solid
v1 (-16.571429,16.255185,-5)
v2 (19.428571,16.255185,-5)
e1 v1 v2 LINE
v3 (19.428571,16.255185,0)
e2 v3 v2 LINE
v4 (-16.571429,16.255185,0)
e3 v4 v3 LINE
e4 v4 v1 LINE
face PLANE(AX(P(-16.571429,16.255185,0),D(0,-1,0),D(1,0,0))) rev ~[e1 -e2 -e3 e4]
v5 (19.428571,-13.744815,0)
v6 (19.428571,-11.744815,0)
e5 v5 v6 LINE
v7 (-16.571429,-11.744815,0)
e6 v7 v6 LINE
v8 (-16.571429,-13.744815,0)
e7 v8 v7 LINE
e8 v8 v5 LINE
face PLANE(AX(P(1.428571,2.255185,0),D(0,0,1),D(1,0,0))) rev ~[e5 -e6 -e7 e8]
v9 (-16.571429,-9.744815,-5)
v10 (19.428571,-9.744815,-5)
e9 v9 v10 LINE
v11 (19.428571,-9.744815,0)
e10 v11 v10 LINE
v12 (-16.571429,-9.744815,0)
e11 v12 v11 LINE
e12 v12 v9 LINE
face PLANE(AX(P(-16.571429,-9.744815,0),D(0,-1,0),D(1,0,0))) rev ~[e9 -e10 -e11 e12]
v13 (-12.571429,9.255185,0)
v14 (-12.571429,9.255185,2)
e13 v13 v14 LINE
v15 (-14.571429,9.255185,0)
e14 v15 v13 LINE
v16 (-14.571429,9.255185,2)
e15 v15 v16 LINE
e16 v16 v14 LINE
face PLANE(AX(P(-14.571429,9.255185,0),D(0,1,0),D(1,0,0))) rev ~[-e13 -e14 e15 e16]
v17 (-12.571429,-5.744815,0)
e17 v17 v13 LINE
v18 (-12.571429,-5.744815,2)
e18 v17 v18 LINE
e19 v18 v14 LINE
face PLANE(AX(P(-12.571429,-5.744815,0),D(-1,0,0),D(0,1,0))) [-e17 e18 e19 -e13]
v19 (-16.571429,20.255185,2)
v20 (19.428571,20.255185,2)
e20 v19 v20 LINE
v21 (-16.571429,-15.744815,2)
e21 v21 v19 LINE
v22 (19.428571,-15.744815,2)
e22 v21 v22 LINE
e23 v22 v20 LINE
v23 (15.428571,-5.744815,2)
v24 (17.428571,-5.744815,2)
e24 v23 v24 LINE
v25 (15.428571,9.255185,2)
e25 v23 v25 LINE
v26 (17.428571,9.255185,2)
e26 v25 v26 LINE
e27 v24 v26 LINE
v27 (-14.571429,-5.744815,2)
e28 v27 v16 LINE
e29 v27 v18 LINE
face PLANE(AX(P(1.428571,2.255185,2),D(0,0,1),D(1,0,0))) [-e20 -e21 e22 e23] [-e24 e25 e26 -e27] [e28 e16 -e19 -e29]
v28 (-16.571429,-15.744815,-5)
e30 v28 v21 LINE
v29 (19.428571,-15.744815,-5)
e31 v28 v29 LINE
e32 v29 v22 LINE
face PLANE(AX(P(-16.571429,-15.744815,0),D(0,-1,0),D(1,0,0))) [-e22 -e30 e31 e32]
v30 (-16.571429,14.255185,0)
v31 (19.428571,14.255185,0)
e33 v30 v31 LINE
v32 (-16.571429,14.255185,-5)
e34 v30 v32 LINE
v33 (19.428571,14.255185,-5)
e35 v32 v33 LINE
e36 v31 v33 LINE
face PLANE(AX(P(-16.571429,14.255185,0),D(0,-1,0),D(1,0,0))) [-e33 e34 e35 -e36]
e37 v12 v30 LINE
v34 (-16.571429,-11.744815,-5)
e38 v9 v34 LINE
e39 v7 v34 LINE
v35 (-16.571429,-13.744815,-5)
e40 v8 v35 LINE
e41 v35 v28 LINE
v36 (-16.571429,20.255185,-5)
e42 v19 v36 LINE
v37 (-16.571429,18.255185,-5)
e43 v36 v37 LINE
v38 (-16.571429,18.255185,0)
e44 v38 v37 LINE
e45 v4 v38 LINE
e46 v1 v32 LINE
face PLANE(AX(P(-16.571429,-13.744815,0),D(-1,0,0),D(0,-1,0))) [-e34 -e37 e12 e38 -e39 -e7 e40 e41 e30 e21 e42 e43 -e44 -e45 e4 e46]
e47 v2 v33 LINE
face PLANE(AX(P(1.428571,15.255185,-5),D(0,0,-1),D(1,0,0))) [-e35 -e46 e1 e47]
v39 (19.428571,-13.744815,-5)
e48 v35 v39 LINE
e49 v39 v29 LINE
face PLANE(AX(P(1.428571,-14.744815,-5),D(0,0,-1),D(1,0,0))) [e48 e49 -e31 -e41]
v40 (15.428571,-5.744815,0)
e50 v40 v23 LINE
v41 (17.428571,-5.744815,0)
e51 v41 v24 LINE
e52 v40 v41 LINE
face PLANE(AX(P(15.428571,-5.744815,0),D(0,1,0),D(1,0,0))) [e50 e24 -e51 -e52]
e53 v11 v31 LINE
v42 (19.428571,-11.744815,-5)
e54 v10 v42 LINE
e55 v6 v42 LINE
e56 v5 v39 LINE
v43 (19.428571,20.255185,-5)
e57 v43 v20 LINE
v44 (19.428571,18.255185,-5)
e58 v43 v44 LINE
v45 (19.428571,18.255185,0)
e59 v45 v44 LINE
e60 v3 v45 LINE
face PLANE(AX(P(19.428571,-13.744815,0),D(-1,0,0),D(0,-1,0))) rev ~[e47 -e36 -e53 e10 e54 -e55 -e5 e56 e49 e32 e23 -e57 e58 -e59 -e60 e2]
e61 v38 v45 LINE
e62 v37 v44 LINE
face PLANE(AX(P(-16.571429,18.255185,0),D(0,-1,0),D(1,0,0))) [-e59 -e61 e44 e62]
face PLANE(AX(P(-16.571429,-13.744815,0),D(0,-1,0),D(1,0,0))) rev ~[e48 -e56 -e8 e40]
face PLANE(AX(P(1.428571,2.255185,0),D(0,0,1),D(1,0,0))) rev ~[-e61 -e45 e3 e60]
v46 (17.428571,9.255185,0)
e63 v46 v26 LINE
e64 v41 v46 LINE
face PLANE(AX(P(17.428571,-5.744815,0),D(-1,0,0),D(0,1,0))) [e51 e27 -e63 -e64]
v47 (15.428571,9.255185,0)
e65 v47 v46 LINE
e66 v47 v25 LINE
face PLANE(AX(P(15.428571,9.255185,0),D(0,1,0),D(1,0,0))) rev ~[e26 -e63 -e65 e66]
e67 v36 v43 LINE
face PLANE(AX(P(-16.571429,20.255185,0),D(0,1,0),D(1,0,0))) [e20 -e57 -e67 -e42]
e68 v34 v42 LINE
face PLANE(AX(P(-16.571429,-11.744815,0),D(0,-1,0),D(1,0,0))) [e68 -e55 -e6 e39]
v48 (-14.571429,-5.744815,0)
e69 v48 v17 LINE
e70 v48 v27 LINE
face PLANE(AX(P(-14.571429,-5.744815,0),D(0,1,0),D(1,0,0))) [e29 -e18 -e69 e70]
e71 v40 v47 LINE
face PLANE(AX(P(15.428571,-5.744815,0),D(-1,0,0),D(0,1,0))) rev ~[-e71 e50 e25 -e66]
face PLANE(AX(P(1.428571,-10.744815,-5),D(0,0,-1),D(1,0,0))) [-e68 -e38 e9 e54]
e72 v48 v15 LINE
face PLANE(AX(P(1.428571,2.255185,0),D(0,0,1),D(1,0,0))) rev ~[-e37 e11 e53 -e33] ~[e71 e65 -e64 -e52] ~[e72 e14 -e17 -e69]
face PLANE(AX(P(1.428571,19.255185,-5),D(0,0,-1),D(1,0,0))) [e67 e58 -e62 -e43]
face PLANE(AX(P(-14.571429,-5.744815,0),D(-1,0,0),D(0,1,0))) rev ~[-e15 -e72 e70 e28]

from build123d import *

# Parameters (mm, degrees)
F0_W     = 36
F0_H     = 36
F0_W_2   = 2
F0_H_2   = 15
F1_DEPTH = 2
F2_W     = 36
F2_H     = 2
F3_DEPTH = 5


with BuildPart() as f1:
    # F0 (on Top) → F1 (new body)
    with BuildSketch(Plane.XY):
        with Locations((1.428571, 2.255185)):
            Rectangle(F0_W, F0_H)
        with Locations((-13.571429, 1.755185)):
            Rectangle(F0_W_2, F0_H_2, mode=Mode.SUBTRACT)
        with Locations((16.428571, 1.755185)):
            Rectangle(F0_W_2, F0_H_2, mode=Mode.SUBTRACT)
    extrude(amount=F1_DEPTH)

    # F2 (on face) → F3 (join)
    with BuildSketch(Plane(origin=(0, 0, 0), x_dir=(1, 0, 0), z_dir=(0, 0, -1))):
        with Locations((1.428571, 14.744815)):
            Rectangle(F2_W, F2_H)
        with Locations((1.428571, 10.744815)):
            Rectangle(F2_W, F2_H)
        with Locations((1.428571, -19.255185)):
            Rectangle(F2_W, F2_H)
        with Locations((1.428571, -15.255185)):
            Rectangle(F2_W, F2_H)
    extrude(amount=F3_DEPTH)


solid = f1.part
